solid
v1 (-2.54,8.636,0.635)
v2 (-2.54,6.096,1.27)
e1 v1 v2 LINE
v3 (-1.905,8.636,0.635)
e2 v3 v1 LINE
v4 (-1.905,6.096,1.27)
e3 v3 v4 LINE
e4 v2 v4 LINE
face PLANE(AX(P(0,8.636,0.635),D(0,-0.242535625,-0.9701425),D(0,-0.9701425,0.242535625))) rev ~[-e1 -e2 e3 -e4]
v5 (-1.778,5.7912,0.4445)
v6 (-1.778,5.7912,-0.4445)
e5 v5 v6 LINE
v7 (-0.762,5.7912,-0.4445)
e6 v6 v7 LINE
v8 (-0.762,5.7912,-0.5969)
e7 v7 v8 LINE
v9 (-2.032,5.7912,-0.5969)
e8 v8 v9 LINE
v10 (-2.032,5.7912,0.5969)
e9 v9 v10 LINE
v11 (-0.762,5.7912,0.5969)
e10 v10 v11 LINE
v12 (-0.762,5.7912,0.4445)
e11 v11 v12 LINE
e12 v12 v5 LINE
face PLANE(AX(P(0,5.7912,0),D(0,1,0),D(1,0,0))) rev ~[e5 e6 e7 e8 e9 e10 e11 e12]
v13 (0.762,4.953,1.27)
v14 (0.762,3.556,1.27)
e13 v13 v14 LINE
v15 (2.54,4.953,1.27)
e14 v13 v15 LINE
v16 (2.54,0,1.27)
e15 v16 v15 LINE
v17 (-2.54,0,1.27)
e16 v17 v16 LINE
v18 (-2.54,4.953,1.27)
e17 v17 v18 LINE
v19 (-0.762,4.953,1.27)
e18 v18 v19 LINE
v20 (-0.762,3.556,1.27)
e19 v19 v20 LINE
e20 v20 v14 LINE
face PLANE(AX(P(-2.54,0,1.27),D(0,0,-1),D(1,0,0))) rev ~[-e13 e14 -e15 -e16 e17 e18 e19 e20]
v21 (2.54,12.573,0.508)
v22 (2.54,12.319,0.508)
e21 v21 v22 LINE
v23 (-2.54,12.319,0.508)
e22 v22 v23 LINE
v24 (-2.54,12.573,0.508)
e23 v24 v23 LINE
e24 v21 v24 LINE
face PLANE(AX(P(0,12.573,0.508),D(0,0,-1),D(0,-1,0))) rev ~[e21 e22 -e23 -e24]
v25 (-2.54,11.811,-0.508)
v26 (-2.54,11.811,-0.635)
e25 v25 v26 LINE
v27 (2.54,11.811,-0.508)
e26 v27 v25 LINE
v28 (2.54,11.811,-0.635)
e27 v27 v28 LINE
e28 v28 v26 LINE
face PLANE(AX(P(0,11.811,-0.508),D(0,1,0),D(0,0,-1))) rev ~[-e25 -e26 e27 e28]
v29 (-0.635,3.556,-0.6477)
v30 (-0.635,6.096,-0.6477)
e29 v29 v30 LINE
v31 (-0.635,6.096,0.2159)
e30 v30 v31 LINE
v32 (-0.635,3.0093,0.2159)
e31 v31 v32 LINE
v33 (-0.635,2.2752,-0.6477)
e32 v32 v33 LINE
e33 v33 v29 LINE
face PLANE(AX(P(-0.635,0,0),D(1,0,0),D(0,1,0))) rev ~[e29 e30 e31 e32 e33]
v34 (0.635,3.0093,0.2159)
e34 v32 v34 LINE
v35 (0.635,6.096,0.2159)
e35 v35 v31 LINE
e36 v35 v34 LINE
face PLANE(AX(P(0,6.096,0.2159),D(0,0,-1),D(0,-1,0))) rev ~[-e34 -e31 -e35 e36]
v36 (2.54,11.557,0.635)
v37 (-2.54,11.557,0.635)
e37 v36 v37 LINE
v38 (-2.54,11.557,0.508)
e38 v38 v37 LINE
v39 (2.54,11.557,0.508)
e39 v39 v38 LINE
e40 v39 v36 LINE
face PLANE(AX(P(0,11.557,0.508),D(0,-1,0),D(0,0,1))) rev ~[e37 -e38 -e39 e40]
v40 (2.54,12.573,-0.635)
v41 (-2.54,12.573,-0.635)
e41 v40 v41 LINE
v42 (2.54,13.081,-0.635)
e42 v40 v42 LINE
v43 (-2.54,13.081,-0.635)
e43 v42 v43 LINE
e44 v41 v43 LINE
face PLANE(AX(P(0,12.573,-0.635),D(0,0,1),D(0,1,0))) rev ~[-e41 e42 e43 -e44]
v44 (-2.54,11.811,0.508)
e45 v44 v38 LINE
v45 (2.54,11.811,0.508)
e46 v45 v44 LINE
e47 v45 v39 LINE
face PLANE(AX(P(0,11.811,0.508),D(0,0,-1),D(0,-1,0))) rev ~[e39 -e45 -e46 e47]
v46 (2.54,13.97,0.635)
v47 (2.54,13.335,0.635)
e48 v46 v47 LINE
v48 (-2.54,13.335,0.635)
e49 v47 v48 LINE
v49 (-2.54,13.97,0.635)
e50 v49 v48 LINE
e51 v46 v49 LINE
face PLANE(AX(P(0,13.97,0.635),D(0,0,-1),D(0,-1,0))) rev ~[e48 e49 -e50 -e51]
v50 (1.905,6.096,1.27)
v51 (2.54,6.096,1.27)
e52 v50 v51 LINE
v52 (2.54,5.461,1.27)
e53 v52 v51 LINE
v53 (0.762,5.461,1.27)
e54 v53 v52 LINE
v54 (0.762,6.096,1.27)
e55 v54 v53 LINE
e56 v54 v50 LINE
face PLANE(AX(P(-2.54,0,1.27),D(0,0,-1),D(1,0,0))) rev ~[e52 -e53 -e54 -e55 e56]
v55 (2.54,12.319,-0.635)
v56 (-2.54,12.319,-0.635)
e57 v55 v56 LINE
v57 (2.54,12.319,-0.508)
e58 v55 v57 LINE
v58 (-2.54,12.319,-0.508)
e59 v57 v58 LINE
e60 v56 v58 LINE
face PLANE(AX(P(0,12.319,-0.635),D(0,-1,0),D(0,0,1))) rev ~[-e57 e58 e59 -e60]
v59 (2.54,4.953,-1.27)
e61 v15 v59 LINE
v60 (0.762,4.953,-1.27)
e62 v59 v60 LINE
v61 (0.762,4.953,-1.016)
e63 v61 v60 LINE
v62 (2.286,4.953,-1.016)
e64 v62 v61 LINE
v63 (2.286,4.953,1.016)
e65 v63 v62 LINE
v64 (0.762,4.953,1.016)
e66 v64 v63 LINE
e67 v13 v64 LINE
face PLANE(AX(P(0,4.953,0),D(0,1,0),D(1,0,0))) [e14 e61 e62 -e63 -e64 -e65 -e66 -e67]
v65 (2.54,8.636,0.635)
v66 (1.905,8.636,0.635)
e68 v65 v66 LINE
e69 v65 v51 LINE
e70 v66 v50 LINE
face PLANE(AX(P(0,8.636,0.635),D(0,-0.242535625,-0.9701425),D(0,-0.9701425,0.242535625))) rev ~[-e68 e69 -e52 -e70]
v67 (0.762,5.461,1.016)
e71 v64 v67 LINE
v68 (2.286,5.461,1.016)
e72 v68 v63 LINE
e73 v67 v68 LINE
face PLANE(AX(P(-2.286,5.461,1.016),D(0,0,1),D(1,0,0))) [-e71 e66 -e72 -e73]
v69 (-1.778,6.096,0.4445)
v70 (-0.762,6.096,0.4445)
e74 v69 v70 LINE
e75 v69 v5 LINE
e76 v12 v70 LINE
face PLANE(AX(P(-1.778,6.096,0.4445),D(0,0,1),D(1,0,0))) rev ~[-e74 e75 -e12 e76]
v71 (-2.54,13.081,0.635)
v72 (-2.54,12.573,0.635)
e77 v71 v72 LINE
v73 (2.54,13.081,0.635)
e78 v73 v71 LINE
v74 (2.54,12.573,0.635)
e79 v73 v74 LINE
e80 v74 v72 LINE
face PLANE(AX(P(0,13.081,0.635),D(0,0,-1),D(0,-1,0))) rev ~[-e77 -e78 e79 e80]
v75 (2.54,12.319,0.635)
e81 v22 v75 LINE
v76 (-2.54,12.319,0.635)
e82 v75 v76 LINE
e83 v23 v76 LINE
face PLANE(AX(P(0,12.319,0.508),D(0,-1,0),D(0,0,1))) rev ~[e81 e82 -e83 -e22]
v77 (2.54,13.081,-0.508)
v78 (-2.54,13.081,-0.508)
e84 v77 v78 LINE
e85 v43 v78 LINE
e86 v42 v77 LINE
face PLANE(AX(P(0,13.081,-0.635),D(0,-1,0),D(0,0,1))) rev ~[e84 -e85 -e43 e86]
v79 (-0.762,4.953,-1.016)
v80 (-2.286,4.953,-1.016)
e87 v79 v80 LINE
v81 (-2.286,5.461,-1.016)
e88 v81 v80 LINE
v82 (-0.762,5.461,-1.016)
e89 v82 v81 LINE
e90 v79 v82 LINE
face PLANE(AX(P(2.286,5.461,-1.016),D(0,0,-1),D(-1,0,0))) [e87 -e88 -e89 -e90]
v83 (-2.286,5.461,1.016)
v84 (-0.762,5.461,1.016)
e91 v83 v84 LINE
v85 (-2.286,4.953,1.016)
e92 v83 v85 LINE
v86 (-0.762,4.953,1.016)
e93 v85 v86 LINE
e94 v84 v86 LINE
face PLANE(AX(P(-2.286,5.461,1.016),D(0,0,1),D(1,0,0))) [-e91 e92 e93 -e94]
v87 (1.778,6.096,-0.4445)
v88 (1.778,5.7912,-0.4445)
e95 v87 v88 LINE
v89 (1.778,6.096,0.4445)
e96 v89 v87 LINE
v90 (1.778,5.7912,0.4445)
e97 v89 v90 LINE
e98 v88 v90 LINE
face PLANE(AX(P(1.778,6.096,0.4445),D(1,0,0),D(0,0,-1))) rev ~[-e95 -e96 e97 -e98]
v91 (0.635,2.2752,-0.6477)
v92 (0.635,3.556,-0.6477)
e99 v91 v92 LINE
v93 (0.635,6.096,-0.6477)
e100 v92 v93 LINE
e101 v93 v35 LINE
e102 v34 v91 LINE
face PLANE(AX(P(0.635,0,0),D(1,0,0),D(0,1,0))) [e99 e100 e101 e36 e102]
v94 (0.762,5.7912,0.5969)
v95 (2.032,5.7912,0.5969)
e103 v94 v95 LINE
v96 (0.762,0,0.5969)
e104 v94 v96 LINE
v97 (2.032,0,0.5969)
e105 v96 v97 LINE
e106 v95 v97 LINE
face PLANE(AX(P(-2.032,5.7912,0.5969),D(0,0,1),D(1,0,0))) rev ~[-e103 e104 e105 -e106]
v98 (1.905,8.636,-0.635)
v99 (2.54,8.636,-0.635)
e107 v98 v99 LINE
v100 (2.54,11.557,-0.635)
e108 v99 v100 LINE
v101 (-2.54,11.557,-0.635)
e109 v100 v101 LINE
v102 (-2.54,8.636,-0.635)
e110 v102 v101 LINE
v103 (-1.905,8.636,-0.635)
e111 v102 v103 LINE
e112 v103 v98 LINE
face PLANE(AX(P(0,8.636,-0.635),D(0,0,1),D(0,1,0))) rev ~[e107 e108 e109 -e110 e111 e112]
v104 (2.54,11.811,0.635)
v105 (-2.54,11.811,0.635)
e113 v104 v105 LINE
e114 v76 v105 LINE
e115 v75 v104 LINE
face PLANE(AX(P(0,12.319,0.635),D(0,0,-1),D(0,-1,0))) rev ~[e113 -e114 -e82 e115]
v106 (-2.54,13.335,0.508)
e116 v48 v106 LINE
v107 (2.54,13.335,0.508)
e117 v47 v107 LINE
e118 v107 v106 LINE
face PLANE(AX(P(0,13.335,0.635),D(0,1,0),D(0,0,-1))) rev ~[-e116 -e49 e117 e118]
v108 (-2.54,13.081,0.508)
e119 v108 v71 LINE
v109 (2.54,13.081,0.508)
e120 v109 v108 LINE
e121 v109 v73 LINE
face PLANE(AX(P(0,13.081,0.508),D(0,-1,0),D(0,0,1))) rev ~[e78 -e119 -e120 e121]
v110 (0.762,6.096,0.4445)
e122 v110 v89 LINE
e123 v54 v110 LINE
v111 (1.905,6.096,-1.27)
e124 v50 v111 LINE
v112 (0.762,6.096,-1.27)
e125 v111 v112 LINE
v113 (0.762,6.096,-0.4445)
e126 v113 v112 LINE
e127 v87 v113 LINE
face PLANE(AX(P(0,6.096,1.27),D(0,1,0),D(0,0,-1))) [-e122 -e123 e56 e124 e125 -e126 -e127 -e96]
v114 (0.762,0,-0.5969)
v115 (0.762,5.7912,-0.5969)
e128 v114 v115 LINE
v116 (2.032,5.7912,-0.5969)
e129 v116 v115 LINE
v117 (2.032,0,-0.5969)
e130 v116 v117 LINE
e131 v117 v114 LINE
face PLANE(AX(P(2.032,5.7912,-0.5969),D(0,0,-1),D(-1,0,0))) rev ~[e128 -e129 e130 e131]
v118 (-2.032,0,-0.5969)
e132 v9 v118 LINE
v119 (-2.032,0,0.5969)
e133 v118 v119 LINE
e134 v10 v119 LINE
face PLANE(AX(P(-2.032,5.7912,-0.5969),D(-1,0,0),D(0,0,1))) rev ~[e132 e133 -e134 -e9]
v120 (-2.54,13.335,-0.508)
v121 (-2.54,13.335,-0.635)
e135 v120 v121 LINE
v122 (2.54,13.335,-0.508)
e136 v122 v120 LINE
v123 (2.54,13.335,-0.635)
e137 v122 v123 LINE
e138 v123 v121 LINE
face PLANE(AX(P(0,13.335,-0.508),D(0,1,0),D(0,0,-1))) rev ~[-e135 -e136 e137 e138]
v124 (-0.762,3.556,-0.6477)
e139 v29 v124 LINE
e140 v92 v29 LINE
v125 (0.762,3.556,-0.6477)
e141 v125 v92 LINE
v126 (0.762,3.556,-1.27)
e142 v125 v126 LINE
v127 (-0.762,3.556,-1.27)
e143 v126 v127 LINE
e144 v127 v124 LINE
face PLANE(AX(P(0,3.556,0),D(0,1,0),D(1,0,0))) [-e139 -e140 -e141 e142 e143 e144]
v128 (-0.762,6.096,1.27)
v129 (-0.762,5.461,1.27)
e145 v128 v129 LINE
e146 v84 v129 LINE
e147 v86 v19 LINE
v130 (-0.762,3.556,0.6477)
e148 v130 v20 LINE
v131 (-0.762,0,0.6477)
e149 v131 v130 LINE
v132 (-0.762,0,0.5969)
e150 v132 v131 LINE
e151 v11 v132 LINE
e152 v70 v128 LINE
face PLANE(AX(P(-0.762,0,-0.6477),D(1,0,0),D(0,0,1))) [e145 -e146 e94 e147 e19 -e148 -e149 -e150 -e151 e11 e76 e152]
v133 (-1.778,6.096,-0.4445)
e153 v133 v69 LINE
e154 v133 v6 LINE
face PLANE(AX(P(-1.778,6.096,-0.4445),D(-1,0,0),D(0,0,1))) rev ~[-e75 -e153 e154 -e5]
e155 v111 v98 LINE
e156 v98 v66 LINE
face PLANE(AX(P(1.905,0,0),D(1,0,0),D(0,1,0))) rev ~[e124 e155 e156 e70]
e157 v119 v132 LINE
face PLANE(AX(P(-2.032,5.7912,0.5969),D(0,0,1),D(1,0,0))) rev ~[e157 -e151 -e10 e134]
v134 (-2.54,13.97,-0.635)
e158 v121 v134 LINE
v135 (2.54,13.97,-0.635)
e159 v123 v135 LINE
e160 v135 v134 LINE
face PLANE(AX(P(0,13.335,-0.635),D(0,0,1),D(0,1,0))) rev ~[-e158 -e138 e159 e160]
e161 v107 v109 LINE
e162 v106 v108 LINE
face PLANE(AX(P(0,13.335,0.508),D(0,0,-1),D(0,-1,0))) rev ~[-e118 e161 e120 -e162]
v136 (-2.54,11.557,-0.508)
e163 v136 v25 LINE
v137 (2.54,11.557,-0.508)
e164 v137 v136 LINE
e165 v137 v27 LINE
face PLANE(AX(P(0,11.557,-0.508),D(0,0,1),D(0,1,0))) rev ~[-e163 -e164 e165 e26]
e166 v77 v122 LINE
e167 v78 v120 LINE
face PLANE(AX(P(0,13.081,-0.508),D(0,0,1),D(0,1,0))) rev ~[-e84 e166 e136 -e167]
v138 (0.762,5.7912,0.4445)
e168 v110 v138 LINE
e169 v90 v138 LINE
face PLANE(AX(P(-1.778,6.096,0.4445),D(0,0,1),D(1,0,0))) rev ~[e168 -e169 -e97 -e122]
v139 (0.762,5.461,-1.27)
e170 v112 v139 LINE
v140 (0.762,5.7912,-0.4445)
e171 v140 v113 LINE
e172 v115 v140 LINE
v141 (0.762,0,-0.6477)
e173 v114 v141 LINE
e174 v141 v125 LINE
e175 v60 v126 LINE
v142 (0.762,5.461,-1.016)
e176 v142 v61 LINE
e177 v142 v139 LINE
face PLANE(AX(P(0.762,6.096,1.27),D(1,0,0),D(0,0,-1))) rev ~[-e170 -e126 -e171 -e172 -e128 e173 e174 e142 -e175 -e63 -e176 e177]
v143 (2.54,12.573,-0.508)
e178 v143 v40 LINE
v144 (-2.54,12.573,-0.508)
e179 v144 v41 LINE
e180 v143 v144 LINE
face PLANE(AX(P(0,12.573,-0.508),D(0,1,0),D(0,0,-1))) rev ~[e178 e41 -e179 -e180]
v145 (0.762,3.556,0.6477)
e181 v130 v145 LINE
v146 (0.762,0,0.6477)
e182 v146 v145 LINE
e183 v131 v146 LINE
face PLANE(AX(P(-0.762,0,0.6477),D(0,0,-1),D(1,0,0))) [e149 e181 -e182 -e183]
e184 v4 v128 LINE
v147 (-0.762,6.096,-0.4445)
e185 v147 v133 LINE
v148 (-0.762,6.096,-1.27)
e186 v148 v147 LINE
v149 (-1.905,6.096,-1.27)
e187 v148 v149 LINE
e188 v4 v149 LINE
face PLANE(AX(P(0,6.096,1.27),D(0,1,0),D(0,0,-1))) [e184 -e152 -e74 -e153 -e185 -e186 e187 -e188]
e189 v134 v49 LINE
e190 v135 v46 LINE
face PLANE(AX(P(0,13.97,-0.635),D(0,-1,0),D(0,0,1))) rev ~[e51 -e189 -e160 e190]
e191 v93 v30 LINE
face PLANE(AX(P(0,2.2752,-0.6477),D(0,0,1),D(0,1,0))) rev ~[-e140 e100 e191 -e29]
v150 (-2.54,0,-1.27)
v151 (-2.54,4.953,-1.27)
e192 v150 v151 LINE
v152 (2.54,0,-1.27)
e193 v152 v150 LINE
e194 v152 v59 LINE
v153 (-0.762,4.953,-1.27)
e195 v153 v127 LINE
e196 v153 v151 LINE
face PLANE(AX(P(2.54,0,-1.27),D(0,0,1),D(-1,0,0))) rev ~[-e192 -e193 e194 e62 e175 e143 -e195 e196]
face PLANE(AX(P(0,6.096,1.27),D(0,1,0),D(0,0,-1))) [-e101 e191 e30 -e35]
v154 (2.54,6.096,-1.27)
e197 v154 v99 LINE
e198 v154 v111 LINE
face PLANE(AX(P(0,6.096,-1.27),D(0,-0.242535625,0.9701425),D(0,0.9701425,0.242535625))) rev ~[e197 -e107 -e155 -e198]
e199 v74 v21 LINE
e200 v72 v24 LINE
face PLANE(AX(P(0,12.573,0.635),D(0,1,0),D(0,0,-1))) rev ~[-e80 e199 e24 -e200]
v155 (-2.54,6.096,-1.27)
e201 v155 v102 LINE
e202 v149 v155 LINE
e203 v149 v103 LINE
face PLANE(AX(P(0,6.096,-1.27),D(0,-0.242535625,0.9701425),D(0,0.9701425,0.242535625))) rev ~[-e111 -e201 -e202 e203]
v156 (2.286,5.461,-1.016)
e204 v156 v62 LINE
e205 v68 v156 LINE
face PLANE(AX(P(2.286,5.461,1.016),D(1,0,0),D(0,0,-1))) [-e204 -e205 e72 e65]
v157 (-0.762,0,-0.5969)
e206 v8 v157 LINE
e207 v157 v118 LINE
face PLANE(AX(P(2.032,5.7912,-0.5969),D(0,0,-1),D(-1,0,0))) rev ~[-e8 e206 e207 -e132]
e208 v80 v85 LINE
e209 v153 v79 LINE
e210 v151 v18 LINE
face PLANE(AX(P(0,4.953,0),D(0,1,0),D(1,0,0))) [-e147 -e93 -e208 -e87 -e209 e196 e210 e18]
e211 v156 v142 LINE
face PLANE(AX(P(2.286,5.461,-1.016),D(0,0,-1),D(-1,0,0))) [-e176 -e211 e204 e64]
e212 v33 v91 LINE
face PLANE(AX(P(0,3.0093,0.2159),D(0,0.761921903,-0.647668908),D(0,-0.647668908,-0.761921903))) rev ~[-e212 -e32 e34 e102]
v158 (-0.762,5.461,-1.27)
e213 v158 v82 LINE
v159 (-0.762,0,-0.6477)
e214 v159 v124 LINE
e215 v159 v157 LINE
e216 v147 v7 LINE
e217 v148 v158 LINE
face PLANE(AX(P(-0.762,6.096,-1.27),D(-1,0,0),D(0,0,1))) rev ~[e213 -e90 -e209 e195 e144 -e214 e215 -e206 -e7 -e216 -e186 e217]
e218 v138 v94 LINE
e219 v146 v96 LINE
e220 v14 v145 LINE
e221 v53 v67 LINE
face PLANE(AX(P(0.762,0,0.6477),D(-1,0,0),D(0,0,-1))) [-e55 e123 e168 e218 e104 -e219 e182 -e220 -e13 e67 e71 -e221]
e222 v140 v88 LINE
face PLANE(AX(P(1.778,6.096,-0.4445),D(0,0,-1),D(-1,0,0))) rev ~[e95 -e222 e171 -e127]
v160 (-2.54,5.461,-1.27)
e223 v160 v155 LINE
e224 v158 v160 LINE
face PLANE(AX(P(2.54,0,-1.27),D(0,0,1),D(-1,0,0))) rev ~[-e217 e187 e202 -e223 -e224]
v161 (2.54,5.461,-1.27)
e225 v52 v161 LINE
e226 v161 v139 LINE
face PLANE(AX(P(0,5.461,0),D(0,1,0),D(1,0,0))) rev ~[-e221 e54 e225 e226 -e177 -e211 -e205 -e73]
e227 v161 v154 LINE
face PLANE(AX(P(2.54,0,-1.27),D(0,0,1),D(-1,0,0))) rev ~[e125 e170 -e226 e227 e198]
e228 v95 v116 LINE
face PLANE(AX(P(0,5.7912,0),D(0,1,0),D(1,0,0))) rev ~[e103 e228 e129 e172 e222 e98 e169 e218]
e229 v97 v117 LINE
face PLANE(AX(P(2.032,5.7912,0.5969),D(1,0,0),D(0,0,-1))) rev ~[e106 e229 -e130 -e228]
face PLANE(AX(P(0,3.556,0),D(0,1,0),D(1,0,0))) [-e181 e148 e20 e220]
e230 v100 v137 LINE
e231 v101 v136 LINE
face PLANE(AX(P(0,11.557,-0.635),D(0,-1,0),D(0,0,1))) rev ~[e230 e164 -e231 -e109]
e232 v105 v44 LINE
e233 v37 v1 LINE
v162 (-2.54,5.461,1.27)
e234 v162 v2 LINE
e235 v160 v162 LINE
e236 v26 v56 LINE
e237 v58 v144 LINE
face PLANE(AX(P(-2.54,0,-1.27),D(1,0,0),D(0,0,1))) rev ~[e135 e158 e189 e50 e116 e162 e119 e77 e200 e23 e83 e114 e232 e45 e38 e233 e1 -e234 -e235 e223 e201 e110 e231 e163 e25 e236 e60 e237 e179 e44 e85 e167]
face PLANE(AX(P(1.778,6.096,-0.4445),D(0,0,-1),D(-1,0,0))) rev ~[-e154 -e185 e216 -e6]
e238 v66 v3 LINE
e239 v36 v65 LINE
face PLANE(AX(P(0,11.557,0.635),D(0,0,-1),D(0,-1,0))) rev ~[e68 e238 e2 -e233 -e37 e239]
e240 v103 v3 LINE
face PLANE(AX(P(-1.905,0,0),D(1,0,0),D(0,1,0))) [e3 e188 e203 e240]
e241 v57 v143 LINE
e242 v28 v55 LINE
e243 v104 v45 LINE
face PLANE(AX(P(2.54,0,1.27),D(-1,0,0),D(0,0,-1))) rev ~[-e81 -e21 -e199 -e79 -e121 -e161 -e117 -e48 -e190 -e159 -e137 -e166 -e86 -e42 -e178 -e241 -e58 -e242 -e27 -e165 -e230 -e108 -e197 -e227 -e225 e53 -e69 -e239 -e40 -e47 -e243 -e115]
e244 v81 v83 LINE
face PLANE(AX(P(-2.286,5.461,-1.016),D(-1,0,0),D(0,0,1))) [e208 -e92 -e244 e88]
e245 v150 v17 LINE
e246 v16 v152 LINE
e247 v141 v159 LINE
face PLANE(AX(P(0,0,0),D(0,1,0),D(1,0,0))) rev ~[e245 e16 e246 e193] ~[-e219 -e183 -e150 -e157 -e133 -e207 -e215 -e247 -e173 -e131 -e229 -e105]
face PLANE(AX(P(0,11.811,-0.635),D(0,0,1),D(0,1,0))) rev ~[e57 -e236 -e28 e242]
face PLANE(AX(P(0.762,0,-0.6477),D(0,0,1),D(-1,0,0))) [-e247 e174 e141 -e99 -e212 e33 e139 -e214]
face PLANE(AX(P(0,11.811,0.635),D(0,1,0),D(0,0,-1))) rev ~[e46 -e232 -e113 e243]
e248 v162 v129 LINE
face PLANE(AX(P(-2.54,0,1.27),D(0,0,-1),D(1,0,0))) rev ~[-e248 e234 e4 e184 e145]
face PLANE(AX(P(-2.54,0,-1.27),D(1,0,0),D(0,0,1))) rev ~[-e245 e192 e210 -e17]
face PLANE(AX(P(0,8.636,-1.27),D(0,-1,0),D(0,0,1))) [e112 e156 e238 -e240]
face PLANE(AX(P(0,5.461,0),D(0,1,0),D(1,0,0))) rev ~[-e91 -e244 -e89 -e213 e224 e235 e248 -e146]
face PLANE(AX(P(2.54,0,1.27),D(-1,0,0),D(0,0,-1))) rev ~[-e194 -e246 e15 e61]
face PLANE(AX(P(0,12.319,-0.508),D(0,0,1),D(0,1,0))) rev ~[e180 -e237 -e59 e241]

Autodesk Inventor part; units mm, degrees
sketch "Sketch_1" plane through (0, 0, 0) normal (0, 1, 0) x (1, 0, 0)
  line L0 (-2.54, 1.27) -> (-2.54, -1.27)
  line L1 (-2.54, -1.27) -> (2.54, -1.27)
  line L2 (2.54, -1.27) -> (2.54, 1.27)
  line L3 (2.54, 1.27) -> (-2.54, 1.27)
extrude "Extrusion1" add sketch "Sketch_1" along normal blind 6.096
sketch "Sketch_2" plane through (0, 5.461, 0) normal (0, 1, 0) x (1, 0, 0)
  line L0 (-2.794, 2.54) -> (-2.794, -2.54)
  line L1 (-2.794, -2.54) -> (2.794, -2.54)
  line L2 (2.794, -2.54) -> (2.794, 2.54)
  line L3 (2.794, 2.54) -> (-2.794, 2.54)
  line L4 (-2.286, 1.016) -> (-2.286, -1.016)
  line L5 (-2.286, -1.016) -> (2.286, -1.016)
  line L6 (2.286, -1.016) -> (2.286, 1.016)
  line L7 (2.286, 1.016) -> (-2.286, 1.016)
extrude "Extrusion2" cut sketch "Sketch_2" against normal blind 0.508
sketch "Sketch_3" plane through (0, 6.096, 0) normal (0, 1, 0) x (1, 0, 0)
  line L0 (-0.762, 1.27) -> (-0.762, -1.27)
  line L1 (-0.762, -1.27) -> (0.762, -1.27)
  line L2 (0.762, -1.27) -> (0.762, 1.27)
  line L3 (0.762, 1.27) -> (-0.762, 1.27)
extrude "Extrusion3" cut sketch "Sketch_3" against normal blind 2.54
sketch "Sketch_4" plane through (0, 6.096, 0) normal (0, 1, 0) x (1, 0, 0)
  line L0 (-1.778, 0.4445) -> (-1.778, -0.4445)
  line L1 (-1.778, -0.4445) -> (1.778, -0.4445)
  line L2 (1.778, -0.4445) -> (1.778, 0.4445)
  line L3 (1.778, 0.4445) -> (-1.778, 0.4445)
extrude "Extrusion4" cut sketch "Sketch_4" against normal blind 6.096
sketch "Sketch_5" plane through (0, 5.7912, 0) normal (0, 1, 0) x (1, 0, 0)
  line L0 (-2.032, 0.5969) -> (-2.032, -0.5969)
  line L1 (-2.032, -0.5969) -> (2.032, -0.5969)
  line L2 (2.032, -0.5969) -> (2.032, 0.5969)
  line L3 (2.032, 0.5969) -> (-2.032, 0.5969)
extrude "Extrusion5" cut sketch "Sketch_5" against normal blind 6.096
sketch "Sketch_8" plane through (0, 0, 0) normal (0, 1, 0) x (-1, 0, 0)
  line L0 (0.762, -0.6477) -> (0.762, 0.6477)
  line L1 (0.762, 0.6477) -> (-0.762, 0.6477)
  line L2 (-0.762, 0.6477) -> (-0.762, -0.6477)
  line L3 (-0.762, -0.6477) -> (0.762, -0.6477)
extrude "Extrusion6" cut sketch "Sketch_8" along normal blind 3.556
sketch "Sketch_6" plane through (0, 0, 0) normal (1, 0, 0) x (0, 1, 0)
  line L0 (3.0093, 0.2159) -> (2.2752, -0.6477)
  line L1 (2.2752, -0.6477) -> (6.096, -0.6477)
  line L2 (6.096, -0.6477) -> (6.096, 0.2159)
  line L3 (6.096, 0.2159) -> (3.0093, 0.2159)
extrude "Extrusion7" add sketch "Sketch_6" along normal mid plane 1.27
sketch "Sketch_7" plane through (0, 0, 0) normal (1, 0, 0) x (0, 1, 0)
  line L0 (6.096, 1.27) -> (6.096, -1.27)
  line L1 (6.096, -1.27) -> (8.636, -0.635)
  line L2 (8.636, -0.635) -> (11.557, -0.635)
  line L3 (11.557, -0.635) -> (11.557, -0.508)
  line L4 (11.557, -0.508) -> (11.811, -0.508)
  line L5 (11.811, -0.508) -> (11.811, -0.635)
  line L6 (11.811, -0.635) -> (12.319, -0.635)
  line L7 (12.319, -0.635) -> (12.319, -0.508)
  line L8 (12.319, -0.508) -> (12.573, -0.508)
  line L9 (12.573, -0.508) -> (12.573, -0.635)
  line L10 (12.573, -0.635) -> (13.081, -0.635)
  line L11 (13.081, -0.635) -> (13.081, -0.508)
  line L12 (13.081, -0.508) -> (13.335, -0.508)
  line L13 (13.335, -0.508) -> (13.335, -0.635)
  line L14 (13.335, -0.635) -> (13.97, -0.635)
  line L15 (13.97, -0.635) -> (13.97, 0.635)
  line L16 (13.97, 0.635) -> (13.335, 0.635)
  line L17 (13.335, 0.635) -> (13.335, 0.508)
  line L18 (13.335, 0.508) -> (13.081, 0.508)
  line L19 (13.081, 0.508) -> (13.081, 0.635)
  line L20 (13.081, 0.635) -> (12.573, 0.635)
  line L21 (12.573, 0.635) -> (12.573, 0.508)
  line L22 (12.573, 0.508) -> (12.319, 0.508)
  line L23 (12.319, 0.508) -> (12.319, 0.635)
  line L24 (12.319, 0.635) -> (11.811, 0.635)
  line L25 (11.811, 0.635) -> (11.811, 0.508)
  line L26 (11.811, 0.508) -> (11.557, 0.508)
  line L27 (11.557, 0.508) -> (11.557, 0.635)
  line L28 (11.557, 0.635) -> (8.636, 0.635)
  line L29 (8.636, 0.635) -> (6.096, 1.27)
extrude "Extrusion8" add sketch "Sketch_7" along normal mid plane 5.08
sketch "Sketch_10" plane through (0, 0, 0) normal (1, 0, 0) x (0, 1, 0)
  line L0 (8.636, 1.27) -> (6.096, 1.27)
  line L1 (6.096, 1.27) -> (6.096, -1.27)
  line L2 (6.096, -1.27) -> (8.636, -1.27)
  line L3 (8.636, -1.27) -> (8.636, 1.27)
extrude "Extrusion9" cut sketch "Sketch_10" along normal mid plane 3.81
ref_plane "body_to_dummy_XY" through (0, 0, 0) normal (0, -1, 0) x (1, 0, 0)
ref_plane "body_to_dummy_YZ" through (0, 0, 0) normal (1, 0, 0) x (0, 0, 1)
ref_plane "body_to_dummy_ZX" through (0, 0, 0) normal (0, 0, 1) x (0, -1, 0)
properties part number "SNT-100-BK-H_body"
